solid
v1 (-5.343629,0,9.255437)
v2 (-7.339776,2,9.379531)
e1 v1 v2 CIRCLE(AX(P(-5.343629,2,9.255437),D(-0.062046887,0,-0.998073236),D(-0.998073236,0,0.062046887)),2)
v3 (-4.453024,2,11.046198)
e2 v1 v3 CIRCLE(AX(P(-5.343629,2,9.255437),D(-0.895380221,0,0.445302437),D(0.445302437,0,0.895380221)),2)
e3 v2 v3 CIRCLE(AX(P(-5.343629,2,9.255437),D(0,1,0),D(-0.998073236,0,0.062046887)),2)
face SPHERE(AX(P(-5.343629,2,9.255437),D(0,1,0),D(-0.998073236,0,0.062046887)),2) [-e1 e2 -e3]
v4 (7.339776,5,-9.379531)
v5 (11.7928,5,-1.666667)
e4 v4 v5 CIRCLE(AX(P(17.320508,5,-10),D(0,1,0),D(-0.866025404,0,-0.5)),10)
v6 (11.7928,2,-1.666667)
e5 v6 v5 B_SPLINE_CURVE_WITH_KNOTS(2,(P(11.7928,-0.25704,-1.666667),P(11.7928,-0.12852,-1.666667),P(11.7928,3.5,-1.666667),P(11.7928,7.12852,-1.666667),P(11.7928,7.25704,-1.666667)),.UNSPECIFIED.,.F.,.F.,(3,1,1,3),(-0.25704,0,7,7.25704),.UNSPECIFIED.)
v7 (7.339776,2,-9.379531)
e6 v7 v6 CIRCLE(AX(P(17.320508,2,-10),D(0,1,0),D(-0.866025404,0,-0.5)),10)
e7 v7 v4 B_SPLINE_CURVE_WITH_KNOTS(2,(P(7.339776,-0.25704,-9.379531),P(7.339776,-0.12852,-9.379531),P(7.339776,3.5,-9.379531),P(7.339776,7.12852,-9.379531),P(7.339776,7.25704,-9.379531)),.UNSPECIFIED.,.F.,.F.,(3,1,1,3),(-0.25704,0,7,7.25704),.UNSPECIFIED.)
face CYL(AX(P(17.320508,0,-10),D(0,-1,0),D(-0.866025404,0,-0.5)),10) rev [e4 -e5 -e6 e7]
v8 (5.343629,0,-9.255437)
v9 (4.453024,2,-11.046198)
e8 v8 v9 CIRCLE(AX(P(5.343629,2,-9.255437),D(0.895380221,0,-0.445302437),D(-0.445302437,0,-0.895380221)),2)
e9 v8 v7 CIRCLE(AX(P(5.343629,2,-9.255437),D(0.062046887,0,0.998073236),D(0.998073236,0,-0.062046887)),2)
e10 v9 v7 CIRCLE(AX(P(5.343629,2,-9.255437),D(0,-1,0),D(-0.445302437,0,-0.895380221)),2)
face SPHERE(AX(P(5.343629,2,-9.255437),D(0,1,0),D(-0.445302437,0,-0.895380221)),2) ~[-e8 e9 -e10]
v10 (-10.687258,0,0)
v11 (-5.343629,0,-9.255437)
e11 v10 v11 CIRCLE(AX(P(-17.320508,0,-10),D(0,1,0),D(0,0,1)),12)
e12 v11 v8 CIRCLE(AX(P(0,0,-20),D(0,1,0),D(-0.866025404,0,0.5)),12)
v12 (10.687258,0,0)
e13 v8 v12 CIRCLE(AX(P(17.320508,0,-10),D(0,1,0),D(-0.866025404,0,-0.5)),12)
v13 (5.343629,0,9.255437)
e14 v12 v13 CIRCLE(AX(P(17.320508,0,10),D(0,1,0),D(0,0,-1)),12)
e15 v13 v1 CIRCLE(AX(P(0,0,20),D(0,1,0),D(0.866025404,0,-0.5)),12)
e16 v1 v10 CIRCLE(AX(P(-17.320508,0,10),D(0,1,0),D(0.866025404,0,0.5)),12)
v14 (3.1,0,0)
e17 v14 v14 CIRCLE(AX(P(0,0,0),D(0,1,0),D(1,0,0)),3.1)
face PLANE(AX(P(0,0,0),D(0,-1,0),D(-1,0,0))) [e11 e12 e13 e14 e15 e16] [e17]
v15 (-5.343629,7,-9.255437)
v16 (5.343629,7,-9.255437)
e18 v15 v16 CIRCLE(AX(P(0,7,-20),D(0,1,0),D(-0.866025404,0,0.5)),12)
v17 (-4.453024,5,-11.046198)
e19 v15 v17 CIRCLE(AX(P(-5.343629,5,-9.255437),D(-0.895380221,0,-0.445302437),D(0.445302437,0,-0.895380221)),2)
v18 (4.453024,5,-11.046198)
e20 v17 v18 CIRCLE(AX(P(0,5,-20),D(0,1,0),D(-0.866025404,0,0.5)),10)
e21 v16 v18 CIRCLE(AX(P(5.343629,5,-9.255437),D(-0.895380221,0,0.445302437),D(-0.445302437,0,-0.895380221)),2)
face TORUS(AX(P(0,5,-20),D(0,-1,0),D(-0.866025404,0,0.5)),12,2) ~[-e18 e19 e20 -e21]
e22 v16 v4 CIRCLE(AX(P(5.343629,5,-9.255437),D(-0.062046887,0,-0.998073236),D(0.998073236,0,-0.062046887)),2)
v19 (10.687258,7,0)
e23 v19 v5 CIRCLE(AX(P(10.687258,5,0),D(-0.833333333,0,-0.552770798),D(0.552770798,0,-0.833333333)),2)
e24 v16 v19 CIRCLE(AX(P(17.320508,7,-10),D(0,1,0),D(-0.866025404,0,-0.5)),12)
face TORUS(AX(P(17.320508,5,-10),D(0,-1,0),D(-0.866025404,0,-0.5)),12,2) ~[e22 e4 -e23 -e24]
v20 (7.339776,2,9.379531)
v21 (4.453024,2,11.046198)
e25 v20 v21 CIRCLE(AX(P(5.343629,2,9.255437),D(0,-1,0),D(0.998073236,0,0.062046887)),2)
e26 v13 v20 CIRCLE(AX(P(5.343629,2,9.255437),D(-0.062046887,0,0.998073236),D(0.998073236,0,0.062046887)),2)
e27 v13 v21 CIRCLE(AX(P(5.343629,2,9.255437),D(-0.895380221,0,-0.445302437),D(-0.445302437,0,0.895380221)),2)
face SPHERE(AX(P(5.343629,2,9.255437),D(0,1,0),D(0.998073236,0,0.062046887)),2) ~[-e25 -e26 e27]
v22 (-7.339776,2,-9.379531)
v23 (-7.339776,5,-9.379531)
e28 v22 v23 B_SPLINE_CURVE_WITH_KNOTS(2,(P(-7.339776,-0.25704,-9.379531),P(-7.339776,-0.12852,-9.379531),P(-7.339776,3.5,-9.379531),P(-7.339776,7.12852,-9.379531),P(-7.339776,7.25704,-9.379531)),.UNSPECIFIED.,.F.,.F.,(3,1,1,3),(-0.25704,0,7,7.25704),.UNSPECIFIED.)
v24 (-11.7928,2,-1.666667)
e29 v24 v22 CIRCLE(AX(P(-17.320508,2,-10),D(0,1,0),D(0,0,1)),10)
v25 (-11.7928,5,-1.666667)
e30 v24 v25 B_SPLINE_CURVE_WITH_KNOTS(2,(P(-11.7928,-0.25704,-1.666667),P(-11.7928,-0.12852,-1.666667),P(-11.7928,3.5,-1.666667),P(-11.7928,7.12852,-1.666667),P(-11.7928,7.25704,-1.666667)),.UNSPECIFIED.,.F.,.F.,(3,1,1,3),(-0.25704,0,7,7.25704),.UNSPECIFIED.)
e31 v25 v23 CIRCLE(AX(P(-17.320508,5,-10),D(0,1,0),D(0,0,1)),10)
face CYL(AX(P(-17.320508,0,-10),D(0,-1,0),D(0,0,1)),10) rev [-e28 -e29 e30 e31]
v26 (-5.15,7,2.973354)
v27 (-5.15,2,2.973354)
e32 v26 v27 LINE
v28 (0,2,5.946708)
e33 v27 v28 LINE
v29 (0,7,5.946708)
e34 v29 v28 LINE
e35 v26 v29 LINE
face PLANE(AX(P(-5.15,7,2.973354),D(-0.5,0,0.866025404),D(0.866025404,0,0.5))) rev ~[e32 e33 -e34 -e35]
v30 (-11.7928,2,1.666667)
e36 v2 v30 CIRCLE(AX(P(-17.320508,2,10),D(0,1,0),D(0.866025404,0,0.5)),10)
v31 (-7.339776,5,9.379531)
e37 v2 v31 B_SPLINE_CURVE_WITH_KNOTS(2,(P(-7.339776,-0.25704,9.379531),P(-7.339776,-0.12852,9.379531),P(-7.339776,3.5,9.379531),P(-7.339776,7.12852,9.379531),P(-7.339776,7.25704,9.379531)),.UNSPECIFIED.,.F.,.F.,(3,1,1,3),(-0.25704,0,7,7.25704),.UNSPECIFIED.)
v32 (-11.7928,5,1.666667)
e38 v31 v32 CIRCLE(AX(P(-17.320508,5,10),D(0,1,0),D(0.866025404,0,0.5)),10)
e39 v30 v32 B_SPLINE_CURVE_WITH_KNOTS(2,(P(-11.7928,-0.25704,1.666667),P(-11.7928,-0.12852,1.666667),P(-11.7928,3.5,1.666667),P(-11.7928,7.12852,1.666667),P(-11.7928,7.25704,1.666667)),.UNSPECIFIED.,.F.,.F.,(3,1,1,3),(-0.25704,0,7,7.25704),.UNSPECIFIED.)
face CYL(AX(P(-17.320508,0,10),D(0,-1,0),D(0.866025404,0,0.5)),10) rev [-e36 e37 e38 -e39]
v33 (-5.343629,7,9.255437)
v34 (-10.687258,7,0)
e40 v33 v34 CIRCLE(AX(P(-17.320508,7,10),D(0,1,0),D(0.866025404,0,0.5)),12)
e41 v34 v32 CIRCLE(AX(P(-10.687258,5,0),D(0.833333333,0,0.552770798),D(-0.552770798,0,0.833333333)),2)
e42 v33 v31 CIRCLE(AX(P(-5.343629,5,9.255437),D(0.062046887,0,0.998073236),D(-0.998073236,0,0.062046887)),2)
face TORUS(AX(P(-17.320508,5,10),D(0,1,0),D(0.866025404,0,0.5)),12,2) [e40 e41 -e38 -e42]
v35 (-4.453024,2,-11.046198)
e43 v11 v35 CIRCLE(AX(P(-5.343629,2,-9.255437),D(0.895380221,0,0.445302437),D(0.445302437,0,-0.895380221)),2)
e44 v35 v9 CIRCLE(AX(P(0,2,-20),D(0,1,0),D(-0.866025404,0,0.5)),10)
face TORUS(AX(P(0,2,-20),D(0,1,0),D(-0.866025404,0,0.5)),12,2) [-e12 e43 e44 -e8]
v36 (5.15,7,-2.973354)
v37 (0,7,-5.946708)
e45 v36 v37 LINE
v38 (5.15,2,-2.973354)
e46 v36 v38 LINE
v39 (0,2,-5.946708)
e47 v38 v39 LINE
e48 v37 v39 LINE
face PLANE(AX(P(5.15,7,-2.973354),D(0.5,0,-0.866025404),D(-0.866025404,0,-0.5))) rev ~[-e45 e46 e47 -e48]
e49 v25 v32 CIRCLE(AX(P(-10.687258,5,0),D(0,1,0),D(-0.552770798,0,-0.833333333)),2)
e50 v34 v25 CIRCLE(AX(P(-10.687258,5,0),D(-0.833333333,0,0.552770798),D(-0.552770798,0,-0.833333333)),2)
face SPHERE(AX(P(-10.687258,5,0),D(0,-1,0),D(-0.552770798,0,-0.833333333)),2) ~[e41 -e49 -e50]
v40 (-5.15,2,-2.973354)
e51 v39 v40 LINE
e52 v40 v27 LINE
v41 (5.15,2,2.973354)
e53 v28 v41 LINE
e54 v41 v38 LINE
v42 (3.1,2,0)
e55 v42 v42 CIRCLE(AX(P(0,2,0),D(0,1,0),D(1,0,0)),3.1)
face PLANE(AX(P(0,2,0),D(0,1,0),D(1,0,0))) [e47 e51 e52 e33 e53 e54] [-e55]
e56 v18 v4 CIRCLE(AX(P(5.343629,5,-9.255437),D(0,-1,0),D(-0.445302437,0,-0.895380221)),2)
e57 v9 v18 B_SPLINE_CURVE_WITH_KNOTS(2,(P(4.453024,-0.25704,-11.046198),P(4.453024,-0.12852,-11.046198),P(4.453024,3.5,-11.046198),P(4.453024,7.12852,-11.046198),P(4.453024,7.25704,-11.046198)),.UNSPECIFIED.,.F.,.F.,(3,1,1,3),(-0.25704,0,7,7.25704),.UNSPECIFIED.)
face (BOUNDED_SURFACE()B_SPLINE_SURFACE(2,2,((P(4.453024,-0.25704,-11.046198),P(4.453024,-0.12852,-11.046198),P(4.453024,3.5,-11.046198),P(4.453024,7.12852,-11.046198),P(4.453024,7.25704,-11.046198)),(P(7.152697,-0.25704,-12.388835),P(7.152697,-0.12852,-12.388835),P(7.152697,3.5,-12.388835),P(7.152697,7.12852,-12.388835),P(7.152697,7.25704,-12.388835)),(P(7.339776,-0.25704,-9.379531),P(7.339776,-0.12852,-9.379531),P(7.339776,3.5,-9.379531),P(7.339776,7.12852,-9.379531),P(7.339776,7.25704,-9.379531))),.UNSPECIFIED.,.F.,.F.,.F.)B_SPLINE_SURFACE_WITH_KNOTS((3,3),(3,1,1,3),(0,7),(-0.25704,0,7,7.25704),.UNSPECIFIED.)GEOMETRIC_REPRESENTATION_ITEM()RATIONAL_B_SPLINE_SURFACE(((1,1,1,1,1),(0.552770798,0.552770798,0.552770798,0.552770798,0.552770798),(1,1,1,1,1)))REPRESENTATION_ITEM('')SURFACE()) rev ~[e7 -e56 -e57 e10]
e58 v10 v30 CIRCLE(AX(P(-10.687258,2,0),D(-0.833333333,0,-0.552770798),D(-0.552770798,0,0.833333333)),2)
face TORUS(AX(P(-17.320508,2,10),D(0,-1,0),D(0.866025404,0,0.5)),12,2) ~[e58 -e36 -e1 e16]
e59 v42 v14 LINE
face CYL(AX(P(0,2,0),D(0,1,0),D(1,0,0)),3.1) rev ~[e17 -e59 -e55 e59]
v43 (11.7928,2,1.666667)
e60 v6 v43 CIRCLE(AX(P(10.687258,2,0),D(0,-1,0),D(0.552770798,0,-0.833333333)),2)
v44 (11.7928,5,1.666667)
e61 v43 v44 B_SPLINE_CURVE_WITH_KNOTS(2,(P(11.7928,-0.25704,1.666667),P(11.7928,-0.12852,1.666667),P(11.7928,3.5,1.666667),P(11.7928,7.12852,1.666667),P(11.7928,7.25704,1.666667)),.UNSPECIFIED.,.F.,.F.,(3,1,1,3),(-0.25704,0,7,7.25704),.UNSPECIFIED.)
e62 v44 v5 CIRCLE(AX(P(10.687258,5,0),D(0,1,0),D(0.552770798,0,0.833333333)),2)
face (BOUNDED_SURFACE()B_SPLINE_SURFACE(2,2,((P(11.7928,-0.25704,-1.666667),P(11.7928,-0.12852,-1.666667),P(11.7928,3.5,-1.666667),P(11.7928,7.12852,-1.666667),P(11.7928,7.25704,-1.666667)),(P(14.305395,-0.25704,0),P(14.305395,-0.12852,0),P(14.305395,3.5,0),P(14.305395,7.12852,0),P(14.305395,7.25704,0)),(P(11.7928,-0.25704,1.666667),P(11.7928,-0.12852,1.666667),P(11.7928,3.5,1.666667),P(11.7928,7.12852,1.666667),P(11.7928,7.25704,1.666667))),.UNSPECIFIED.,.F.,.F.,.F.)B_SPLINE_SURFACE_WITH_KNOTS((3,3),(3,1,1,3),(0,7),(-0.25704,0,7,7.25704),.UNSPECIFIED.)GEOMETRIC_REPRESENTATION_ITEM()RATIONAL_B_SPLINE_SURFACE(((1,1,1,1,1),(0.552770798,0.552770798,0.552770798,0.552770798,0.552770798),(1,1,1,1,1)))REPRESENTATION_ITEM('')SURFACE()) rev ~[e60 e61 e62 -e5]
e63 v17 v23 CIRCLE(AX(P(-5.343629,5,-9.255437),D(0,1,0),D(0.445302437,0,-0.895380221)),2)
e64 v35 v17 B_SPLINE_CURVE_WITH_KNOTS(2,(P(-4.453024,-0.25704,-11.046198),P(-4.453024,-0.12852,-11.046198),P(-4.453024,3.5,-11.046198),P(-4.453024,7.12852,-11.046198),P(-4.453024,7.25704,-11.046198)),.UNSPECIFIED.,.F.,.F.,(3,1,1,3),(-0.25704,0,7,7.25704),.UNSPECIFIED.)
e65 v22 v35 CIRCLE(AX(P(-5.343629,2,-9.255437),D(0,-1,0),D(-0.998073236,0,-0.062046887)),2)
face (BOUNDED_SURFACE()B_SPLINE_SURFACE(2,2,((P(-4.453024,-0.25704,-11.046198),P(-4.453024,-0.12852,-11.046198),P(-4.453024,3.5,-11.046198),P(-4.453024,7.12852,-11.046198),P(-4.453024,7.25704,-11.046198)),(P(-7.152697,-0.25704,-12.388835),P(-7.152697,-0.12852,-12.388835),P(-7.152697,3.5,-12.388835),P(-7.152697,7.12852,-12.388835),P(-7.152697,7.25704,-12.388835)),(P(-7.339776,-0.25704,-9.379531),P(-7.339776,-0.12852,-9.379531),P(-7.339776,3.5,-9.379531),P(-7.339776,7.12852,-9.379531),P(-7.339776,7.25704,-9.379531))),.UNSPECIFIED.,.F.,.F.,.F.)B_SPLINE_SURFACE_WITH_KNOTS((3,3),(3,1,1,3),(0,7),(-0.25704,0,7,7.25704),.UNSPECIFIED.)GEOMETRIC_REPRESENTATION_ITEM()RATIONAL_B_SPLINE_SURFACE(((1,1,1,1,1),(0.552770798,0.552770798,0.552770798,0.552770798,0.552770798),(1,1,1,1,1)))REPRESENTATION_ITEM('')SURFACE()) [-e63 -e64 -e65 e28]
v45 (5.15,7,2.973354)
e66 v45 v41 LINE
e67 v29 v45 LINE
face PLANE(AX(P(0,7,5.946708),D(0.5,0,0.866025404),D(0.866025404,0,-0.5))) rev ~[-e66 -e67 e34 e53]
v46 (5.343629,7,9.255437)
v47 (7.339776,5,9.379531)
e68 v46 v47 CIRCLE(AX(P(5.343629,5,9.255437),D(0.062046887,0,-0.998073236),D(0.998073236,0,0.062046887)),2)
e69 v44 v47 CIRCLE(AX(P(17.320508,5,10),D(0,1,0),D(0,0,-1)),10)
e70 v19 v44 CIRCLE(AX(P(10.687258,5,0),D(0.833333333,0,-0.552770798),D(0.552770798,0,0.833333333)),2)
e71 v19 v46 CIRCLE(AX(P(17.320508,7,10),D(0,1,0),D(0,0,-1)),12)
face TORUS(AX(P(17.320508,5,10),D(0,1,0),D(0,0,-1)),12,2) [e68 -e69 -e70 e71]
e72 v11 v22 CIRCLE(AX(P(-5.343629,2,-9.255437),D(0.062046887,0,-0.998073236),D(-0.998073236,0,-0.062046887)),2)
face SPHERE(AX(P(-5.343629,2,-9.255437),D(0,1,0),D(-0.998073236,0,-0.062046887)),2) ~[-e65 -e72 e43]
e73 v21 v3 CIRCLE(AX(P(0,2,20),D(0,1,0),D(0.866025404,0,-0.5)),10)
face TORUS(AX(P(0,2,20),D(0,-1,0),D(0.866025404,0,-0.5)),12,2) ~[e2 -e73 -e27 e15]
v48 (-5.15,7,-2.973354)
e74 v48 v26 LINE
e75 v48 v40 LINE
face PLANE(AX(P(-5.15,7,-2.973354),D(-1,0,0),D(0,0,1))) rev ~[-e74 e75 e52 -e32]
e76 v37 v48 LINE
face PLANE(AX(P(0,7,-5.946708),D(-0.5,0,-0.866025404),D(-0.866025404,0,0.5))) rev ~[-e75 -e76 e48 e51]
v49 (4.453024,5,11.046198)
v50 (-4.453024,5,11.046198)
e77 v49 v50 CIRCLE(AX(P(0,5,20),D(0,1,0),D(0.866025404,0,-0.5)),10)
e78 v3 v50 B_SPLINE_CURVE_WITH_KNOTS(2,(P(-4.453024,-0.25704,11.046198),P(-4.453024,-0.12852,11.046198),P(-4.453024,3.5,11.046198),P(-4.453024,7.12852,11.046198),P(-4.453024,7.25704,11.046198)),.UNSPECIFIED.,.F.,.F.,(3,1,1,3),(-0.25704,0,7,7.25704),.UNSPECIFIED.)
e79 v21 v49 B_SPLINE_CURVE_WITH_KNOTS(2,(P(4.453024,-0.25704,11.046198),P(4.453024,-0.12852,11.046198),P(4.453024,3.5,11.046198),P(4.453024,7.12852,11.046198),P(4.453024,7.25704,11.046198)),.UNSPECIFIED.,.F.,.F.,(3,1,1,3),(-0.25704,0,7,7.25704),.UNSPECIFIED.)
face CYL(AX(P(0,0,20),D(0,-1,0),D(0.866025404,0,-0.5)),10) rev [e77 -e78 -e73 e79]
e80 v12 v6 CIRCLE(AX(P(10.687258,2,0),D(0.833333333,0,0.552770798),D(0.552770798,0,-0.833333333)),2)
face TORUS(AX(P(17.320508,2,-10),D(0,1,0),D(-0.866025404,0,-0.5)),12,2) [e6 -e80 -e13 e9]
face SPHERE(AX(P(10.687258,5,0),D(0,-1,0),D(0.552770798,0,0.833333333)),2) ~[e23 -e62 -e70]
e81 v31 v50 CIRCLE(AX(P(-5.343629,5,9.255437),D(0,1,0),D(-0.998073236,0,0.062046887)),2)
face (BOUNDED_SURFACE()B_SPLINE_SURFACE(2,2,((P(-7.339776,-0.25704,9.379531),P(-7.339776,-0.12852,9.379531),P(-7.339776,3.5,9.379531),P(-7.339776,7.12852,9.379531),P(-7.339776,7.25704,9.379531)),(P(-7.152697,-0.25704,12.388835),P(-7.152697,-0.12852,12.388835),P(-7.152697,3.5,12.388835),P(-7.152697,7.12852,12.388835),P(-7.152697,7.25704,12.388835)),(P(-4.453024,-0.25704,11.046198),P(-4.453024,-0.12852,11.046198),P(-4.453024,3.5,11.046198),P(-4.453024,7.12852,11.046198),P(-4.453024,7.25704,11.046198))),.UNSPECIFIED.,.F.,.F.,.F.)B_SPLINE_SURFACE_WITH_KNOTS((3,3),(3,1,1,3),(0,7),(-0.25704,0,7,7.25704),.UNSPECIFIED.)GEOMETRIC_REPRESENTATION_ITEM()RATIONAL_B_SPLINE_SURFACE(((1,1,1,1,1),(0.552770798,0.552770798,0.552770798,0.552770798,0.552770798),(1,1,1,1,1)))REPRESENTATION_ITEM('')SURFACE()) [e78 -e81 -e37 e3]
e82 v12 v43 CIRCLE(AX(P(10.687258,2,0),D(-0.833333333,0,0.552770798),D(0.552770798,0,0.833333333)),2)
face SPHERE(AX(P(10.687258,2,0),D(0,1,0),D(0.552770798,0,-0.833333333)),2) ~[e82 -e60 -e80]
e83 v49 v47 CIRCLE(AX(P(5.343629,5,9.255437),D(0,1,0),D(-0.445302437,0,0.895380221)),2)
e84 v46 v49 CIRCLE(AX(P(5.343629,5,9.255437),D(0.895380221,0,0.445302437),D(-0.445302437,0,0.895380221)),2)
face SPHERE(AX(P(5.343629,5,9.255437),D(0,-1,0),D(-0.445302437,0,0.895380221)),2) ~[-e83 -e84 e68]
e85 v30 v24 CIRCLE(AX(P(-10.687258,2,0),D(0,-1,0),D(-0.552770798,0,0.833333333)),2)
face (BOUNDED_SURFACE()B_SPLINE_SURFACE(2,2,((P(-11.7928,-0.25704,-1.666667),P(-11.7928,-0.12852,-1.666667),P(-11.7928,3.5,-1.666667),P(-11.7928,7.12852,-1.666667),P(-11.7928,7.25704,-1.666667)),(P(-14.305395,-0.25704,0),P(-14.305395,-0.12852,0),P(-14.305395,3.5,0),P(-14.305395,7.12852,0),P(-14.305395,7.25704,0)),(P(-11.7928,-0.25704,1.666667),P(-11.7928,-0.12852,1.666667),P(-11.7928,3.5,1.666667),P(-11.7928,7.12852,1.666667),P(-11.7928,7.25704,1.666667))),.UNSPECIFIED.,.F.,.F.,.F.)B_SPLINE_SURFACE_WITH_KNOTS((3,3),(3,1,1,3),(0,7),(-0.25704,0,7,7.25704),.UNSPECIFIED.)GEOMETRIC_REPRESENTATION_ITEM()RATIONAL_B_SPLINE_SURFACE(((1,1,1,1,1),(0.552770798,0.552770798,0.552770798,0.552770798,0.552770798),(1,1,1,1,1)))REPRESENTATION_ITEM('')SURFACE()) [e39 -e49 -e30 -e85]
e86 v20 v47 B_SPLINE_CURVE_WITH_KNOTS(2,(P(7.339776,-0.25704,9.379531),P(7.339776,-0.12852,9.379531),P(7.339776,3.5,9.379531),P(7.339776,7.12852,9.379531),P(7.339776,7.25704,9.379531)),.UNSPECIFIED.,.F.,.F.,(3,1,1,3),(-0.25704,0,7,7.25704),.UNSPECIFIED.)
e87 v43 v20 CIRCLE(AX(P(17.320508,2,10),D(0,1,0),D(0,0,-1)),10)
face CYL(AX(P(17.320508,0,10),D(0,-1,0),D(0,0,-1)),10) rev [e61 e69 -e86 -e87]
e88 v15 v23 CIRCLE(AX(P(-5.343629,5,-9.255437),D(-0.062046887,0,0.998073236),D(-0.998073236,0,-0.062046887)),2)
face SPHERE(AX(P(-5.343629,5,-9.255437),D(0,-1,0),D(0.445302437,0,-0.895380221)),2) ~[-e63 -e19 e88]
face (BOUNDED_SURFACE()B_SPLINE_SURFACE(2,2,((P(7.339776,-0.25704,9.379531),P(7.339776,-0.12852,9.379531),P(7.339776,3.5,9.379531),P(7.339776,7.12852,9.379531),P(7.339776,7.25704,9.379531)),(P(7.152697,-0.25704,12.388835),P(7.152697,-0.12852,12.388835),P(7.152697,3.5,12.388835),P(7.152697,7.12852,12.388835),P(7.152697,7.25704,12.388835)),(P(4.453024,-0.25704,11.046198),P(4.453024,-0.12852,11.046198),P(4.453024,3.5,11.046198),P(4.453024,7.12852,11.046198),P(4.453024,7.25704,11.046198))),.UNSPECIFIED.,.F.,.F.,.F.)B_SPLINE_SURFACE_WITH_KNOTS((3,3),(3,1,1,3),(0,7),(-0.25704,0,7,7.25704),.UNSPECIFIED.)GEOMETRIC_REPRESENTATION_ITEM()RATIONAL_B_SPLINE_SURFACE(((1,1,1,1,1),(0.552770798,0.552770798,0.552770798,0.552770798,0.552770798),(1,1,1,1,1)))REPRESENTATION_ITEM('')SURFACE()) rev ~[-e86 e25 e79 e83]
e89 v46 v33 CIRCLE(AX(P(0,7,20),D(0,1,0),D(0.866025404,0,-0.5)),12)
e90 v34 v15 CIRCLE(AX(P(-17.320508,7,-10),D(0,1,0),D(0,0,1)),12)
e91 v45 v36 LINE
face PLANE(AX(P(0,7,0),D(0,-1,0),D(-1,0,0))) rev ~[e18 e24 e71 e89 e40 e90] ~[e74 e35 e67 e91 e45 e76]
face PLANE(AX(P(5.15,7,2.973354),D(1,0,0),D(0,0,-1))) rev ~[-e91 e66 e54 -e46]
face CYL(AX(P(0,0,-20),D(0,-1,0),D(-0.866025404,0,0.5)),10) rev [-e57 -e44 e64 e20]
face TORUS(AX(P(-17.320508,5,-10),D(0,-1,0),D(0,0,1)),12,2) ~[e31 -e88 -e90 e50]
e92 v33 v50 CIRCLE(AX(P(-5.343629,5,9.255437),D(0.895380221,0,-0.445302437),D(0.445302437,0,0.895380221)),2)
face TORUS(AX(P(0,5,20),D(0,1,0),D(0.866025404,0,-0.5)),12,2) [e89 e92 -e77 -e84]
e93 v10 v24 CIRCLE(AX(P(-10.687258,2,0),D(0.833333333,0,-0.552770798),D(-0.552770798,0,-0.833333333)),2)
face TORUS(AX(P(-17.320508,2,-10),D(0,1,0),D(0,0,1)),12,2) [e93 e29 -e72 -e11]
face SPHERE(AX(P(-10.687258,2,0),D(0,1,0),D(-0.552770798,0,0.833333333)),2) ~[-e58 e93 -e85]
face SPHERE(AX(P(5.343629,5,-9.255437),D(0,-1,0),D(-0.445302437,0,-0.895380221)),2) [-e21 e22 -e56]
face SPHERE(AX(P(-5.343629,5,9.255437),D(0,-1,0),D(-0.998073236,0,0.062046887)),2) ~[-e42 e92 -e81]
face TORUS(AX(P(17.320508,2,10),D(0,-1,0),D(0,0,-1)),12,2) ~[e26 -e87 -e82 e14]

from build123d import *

# Parameters (mm, degrees)
BOSS_EXTRUDE1_DEPTH = 7
CUT_EXTRUDE1_DEPTH  = 5
SKETCH3_R           = 3.1
CUT_EXTRUDE2_DEPTH  = 3
FILLET1_R           = 2


with BuildPart() as part:
    # Sketch1 → Boss-Extrude1 (new body)
    with BuildSketch(Plane(origin=(0, 0, 0), x_dir=(1, 0, 0), z_dir=(0, 1, 0))):
        with BuildLine():
            ThreePointArc((-8.660254038, 15), (0, 10), (8.660254038, 15))
            ThreePointArc((8.660254038, 15), (8.660254038, 5), (17.320508076, 0))
            ThreePointArc((17.320508076, 0), (8.660254038, -5), (8.660254038, -15))
            ThreePointArc((8.660254038, -15), (0, -10), (-8.660254038, -15))
            ThreePointArc((-8.660254038, -15), (-8.660254038, -5), (-17.320508076, 0))
            ThreePointArc((-17.320508076, 0), (-8.660254038, 5), (-8.660254038, 15))
        make_face()
    extrude(amount=BOSS_EXTRUDE1_DEPTH)

    # Sketch2 → Cut-Extrude1 (cut)
    with BuildSketch(Plane(origin=(0, 7, 0), x_dir=(1, 0, 0), z_dir=(0, 1, 0))):
        Polygon((0, -5.946707773), (5.15, -2.973353886), (5.15, 2.973353886), (0, 5.946707773), (-5.15, 2.973353886), (-5.15, -2.973353886), align=None)
    extrude(amount=-CUT_EXTRUDE1_DEPTH, mode=Mode.SUBTRACT)

    # Sketch3 → Cut-Extrude2 (cut, through all)
    with BuildSketch(Plane(origin=(0, 2, 0), x_dir=(1, 0, 0), z_dir=(0, 1, 0))):
        Circle(SKETCH3_R)
    extrude(amount=-CUT_EXTRUDE2_DEPTH, mode=Mode.SUBTRACT)

    # Fillet1
    fillet1_edges = [part.edges().sort_by_distance(p)[0] for p in [
        (8.660254038, 7, -5),
        (-8.660254038, 3.5, 15),
        (-17.320508076, 3.5, 0),
        (-8.660254038, 3.5, -15),
        (8.660254038, 3.5, -15),
        (17.320508076, 3.5, 0),
        (8.660254038, 3.5, 15),
        (0, 7, -10),
        (-8.660254038, 7, -5),
        (-8.660254038, 7, 5),
        (0, 7, 10),
        (-8.660254038, 0, 5),
        (-8.660254038, 0, -5),
        (0, 0, -10),
        (8.660254038, 7, 5),
        (8.660254038, 0, -5),
        (8.660254038, 0, 5),
        (0, 0, 10),
    ]]
    fillet(fillet1_edges, radius=FILLET1_R)


solid = part.part
